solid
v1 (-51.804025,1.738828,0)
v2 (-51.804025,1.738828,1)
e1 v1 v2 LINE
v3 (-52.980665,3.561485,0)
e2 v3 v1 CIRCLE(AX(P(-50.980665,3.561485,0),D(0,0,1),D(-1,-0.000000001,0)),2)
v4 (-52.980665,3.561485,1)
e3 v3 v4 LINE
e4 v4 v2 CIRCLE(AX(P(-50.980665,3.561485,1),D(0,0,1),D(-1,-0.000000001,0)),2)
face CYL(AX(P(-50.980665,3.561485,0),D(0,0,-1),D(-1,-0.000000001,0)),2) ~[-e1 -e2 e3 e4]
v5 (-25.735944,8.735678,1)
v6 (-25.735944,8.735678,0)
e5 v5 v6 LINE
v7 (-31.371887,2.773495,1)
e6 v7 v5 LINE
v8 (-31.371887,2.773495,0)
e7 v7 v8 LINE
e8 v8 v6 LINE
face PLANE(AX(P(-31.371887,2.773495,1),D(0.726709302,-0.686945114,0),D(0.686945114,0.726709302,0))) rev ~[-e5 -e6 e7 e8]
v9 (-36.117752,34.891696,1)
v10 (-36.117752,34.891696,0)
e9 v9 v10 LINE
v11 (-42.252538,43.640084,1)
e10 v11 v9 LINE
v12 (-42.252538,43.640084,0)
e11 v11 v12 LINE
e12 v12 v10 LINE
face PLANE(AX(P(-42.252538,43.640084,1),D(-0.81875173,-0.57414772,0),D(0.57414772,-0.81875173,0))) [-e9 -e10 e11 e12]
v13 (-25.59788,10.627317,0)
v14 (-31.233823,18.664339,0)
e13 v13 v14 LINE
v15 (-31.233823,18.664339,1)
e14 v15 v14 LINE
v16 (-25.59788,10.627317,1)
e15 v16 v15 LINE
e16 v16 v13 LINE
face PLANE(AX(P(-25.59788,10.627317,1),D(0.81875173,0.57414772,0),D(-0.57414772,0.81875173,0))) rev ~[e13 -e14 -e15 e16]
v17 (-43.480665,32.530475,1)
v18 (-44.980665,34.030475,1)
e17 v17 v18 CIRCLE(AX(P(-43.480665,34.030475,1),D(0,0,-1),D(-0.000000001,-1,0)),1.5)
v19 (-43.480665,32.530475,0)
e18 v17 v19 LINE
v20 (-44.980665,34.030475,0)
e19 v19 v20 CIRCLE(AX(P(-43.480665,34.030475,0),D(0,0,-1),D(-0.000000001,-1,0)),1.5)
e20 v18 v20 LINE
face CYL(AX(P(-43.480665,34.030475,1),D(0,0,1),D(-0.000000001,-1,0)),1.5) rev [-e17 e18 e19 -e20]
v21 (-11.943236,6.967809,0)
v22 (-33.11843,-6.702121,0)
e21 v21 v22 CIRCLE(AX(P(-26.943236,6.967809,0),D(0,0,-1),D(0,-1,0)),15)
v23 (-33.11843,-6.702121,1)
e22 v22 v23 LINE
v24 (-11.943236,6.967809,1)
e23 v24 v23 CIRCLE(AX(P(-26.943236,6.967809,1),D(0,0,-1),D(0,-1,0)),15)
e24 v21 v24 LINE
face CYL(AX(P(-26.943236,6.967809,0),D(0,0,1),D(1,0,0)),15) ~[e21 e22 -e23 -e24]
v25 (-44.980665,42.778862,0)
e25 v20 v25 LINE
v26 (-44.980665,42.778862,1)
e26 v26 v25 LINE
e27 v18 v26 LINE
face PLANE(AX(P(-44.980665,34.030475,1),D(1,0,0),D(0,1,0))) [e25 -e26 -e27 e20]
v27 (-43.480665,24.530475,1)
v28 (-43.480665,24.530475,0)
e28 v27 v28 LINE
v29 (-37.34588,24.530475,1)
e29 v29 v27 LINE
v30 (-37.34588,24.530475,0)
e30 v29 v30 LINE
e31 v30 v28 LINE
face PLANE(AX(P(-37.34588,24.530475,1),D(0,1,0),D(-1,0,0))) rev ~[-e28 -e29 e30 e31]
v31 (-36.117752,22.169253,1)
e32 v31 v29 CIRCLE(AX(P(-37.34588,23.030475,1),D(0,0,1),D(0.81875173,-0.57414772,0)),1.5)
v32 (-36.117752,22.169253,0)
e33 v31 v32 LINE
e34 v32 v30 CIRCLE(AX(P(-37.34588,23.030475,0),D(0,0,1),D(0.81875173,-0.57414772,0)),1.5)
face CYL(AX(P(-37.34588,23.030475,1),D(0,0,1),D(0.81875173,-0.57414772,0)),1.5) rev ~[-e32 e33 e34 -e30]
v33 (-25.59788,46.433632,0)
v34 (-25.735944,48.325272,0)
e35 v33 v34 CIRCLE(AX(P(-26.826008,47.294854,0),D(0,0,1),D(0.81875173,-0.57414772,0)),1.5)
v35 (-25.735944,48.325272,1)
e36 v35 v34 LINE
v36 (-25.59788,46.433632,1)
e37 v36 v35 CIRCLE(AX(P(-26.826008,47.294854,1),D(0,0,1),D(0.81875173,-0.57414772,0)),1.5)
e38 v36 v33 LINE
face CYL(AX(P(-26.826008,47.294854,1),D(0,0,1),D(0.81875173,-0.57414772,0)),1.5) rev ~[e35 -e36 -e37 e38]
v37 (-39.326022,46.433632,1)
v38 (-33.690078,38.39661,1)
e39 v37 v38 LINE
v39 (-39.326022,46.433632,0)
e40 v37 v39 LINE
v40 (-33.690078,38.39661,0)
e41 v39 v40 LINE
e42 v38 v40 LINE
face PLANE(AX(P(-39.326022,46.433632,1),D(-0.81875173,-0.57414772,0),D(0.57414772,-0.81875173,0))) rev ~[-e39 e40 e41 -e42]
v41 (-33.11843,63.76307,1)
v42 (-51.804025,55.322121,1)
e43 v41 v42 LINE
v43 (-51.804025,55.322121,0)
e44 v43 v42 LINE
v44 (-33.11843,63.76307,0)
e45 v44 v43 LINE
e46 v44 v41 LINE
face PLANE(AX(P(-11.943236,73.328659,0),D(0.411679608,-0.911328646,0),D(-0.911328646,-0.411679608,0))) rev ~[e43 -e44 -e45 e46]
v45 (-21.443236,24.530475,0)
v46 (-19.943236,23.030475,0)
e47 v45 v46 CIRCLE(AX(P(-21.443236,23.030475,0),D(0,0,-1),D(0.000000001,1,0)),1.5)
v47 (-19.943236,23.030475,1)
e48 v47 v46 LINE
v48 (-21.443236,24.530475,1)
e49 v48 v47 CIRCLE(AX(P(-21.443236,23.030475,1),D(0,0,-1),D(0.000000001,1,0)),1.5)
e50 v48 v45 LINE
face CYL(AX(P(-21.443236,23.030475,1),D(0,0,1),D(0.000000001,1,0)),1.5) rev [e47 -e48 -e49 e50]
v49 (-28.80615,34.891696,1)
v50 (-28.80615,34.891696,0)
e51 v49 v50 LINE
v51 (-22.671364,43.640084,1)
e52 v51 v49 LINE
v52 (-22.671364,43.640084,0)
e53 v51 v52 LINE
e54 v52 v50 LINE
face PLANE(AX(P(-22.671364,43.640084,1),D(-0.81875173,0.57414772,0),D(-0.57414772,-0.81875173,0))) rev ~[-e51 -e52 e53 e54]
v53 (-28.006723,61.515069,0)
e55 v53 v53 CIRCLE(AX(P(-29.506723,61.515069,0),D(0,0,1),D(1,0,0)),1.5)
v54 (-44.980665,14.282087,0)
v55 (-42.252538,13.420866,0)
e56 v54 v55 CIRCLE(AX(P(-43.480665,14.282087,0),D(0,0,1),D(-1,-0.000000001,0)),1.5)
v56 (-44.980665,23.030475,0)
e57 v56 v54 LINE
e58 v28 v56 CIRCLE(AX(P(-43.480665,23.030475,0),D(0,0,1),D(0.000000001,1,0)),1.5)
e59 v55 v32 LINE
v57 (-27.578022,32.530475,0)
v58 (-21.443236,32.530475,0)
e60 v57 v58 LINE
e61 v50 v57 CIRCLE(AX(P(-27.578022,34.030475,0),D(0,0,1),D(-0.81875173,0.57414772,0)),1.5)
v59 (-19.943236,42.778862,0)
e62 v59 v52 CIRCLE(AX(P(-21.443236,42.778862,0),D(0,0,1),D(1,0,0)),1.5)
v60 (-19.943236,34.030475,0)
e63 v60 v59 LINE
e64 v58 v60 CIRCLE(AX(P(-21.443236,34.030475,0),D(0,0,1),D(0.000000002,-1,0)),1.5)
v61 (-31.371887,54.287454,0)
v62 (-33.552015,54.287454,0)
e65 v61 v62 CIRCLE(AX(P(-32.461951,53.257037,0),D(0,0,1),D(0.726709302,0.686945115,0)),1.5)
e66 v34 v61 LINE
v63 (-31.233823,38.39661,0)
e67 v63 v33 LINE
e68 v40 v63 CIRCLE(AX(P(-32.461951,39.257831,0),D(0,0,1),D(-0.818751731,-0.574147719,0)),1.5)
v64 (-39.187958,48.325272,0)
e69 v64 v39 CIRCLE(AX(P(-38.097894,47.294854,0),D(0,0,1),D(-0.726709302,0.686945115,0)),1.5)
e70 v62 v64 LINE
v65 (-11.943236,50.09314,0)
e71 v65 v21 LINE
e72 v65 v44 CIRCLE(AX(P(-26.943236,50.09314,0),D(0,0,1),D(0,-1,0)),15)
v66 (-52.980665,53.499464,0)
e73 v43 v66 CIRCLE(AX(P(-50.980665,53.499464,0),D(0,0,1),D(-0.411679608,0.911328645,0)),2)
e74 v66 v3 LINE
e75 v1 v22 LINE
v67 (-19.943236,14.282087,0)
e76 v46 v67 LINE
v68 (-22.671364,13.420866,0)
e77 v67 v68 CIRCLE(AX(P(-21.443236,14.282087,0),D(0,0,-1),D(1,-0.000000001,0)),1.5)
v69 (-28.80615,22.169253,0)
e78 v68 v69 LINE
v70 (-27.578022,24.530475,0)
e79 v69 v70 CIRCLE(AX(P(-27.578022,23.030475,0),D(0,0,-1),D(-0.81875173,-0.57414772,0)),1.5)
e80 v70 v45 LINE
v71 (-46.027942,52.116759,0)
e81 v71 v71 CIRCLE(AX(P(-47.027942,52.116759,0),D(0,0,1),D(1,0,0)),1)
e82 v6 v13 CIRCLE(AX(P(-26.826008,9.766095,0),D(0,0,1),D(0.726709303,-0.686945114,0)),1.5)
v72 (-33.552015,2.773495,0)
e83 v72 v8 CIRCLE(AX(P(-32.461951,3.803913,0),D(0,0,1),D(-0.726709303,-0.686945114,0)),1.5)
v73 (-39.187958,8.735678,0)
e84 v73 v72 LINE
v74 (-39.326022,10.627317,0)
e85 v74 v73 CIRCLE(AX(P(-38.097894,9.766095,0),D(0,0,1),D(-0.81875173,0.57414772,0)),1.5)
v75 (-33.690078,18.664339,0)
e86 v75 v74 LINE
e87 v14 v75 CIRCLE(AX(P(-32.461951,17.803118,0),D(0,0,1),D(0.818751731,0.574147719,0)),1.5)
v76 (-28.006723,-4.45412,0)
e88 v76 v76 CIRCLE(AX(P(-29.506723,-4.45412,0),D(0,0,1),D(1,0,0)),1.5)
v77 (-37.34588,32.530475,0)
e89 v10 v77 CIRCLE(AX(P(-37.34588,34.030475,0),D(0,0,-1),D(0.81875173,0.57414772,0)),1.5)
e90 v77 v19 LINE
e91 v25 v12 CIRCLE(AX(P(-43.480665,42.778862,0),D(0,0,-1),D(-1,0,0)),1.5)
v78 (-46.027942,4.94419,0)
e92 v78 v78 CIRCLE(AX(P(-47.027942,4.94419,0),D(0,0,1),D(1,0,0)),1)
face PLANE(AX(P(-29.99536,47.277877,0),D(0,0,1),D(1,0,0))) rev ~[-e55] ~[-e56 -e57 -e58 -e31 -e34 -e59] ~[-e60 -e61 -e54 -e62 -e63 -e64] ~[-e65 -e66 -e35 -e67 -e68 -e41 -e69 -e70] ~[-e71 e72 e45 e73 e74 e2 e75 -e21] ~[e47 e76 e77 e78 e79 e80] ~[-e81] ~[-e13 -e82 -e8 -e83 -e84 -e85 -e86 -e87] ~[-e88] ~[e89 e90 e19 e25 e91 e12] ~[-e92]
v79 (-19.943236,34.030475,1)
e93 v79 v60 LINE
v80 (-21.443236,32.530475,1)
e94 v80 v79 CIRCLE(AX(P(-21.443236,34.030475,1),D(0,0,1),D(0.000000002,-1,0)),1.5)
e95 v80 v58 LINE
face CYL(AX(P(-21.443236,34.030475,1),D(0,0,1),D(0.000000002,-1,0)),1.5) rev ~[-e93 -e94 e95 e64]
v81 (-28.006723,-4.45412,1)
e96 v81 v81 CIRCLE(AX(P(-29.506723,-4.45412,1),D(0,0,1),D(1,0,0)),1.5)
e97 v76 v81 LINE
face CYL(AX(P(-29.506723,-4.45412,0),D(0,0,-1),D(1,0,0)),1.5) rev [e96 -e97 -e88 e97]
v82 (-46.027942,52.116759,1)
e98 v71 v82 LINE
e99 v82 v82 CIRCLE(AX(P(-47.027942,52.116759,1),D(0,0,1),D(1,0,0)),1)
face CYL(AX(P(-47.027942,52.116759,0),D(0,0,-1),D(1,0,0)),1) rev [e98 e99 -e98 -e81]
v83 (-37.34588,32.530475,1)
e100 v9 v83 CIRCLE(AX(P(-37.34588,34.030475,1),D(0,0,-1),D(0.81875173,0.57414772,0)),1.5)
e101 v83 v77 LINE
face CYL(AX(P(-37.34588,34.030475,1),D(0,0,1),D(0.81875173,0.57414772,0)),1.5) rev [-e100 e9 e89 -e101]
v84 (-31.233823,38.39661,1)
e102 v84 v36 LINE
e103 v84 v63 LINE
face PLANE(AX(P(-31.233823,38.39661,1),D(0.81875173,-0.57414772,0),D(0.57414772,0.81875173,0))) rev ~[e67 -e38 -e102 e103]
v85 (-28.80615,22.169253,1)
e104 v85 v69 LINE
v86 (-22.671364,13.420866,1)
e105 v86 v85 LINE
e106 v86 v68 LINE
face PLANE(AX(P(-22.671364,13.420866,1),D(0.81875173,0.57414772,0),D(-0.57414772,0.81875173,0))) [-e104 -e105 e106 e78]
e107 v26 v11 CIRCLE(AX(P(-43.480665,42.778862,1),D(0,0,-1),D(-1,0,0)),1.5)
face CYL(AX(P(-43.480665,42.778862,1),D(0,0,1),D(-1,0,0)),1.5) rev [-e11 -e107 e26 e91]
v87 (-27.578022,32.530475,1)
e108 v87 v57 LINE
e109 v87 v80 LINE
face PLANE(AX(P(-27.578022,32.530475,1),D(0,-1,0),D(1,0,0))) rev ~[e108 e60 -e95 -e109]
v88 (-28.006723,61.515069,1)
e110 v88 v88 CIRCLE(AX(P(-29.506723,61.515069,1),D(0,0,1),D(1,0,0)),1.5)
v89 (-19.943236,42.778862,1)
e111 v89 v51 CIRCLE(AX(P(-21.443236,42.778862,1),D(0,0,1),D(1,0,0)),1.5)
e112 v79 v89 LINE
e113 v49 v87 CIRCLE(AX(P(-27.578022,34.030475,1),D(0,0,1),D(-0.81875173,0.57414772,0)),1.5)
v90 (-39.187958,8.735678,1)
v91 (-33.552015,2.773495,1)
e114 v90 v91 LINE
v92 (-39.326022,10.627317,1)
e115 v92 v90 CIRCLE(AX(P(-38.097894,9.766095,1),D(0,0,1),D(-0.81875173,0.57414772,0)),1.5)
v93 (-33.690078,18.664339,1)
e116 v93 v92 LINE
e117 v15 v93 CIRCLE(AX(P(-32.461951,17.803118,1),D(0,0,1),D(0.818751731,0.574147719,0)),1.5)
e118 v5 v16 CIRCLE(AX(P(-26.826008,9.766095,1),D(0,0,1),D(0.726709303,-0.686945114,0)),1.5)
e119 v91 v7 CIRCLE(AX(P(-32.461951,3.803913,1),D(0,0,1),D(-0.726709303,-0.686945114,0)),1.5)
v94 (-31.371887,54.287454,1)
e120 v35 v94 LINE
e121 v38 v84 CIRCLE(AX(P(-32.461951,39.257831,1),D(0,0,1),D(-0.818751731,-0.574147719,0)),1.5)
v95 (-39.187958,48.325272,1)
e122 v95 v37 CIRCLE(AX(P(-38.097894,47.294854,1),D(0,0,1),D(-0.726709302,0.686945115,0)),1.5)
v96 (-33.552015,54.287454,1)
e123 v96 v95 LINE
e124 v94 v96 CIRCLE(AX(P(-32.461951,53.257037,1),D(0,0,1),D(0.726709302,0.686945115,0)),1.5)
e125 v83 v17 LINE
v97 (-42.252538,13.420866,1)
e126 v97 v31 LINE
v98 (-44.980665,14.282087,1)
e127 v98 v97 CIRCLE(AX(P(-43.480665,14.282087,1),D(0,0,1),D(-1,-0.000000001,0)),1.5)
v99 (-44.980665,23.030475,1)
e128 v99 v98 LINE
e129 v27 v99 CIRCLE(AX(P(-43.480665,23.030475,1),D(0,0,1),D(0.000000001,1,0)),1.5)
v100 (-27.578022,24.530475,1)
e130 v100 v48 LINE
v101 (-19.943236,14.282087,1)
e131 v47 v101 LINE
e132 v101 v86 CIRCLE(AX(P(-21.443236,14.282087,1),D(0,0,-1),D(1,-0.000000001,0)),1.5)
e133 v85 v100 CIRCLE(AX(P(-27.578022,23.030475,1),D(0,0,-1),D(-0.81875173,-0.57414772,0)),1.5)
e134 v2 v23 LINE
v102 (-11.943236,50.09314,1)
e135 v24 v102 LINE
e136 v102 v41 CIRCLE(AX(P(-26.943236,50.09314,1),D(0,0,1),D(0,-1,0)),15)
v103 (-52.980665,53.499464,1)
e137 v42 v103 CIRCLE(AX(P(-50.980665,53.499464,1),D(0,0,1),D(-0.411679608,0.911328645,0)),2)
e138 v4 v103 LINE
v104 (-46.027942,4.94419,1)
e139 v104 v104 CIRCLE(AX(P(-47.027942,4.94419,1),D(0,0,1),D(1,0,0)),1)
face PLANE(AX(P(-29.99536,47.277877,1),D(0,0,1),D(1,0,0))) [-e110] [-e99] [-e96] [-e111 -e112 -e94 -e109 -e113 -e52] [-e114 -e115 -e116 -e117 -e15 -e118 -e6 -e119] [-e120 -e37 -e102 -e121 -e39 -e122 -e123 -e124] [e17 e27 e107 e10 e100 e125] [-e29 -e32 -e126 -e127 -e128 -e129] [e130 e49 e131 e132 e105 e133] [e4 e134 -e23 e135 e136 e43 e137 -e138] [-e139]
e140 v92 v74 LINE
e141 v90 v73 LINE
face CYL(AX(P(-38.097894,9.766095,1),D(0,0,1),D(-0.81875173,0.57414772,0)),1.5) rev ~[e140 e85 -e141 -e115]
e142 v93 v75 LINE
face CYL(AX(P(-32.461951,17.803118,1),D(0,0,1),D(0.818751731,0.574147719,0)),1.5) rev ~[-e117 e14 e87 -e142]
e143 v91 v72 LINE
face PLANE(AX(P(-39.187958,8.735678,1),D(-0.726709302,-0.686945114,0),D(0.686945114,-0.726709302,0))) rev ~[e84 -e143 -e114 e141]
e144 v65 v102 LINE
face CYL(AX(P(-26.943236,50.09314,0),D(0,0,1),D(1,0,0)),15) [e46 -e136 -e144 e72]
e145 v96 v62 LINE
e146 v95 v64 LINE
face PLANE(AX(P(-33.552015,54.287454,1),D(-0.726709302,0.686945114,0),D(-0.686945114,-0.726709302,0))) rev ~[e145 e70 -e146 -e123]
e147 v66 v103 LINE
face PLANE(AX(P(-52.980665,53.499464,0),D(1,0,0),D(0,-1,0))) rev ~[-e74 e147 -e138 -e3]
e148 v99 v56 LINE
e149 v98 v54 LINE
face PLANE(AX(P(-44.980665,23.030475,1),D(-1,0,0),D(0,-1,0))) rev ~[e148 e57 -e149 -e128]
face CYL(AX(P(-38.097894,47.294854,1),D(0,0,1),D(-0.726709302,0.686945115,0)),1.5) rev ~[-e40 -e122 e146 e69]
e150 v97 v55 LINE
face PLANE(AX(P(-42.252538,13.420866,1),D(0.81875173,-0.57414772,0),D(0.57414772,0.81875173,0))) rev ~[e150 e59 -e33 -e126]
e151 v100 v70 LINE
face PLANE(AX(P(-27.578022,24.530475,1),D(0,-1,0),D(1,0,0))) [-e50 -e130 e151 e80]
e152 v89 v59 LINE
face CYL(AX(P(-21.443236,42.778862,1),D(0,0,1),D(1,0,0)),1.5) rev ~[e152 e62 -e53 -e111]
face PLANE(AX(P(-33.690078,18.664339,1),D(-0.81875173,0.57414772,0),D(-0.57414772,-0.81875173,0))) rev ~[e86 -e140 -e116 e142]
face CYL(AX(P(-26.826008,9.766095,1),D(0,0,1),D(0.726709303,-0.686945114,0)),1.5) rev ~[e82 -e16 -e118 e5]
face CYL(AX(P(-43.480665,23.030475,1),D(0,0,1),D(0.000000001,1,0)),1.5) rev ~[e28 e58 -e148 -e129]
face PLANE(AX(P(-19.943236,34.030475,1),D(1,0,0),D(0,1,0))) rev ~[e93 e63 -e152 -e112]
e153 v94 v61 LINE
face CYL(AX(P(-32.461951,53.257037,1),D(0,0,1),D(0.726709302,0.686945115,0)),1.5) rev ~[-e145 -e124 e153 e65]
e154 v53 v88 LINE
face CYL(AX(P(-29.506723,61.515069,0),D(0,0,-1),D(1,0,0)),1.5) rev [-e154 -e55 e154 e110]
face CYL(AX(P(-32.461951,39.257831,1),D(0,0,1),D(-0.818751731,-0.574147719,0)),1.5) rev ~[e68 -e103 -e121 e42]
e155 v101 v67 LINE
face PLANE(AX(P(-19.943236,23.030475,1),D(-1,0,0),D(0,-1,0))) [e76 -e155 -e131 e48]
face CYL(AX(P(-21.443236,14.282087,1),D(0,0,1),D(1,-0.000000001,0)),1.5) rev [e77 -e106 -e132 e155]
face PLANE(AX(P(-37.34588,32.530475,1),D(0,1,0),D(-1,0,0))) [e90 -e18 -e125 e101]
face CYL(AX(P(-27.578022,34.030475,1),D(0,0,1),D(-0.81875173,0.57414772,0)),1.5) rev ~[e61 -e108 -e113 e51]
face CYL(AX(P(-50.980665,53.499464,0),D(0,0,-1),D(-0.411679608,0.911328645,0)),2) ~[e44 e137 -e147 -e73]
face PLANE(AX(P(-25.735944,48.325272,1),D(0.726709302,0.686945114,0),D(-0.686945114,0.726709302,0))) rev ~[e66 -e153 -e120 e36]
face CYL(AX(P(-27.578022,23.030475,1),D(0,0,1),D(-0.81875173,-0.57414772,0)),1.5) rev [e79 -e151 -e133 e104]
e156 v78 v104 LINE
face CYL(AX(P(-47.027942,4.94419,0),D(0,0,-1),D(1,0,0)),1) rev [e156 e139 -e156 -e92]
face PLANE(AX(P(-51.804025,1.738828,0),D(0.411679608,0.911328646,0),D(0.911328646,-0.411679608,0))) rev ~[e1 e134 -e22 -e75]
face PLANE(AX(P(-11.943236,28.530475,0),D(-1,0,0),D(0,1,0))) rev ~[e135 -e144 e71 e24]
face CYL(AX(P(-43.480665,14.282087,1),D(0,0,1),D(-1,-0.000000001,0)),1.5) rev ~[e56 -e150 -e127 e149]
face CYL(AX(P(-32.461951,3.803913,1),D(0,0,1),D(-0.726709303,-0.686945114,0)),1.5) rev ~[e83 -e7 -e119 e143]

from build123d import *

# Parameters (mm, degrees)
CROQUIS3_R              = 1
CROQUIS3_R_2            = 1.500000006
CROQUIS3_R_3            = 1.000000012
CROQUIS3_R_4            = 1.5
SALIENTE_EXTRUIR1_DEPTH = 1
REDONDEO1_R             = 15
CORTAR_EXTRUIR1_DEPTH   = 1


with BuildPart() as part:
    # Croquis3 → Saliente-Extruir1 (new body)
    # profile 1 of 2: a face of its own
    with BuildSketch(Plane.XY):
        with BuildLine():
            Line((-11.943236247, 28.530474649), (-52.980665481, 28.530474649))
            Line((-52.980665481, 28.530474649), (-52.980665481, 3.561485174))
            ThreePointArc((-52.980665481, 3.561485174), (-52.660950937, 2.476754431), (-51.804024696, 1.738827882))
            Line((-51.804024696, 1.738827882), (-11.943236247, -16.267709961))
            Line((-11.943236247, -16.267709961), (-11.943236247, 28.530474649))
        make_face()
        with Locations((-47.027941845, 4.944189889)):
            Circle(CROQUIS3_R, mode=Mode.SUBTRACT)
        with Locations((-29.506723336, -4.454119513)):
            Circle(CROQUIS3_R_2, mode=Mode.SUBTRACT)
    # profile 2 of 2: a face of its own
    with BuildSketch(Plane.XY):
        with BuildLine():
            ThreePointArc((-51.804024696, 55.322121417), (-52.660950937, 54.584194868), (-52.980665481, 53.499464125))
            Line((-52.980665481, 53.499464125), (-52.980665481, 28.530474649))
            Line((-52.980665481, 28.530474649), (-11.943236247, 28.530474649))
            Line((-11.943236247, 28.530474649), (-11.943236247, 73.32865926))
            Line((-11.943236247, 73.32865926), (-51.804024696, 55.322121417))
        make_face()
        with Locations((-47.027941845, 52.116759452)):
            Circle(CROQUIS3_R_3, mode=Mode.SUBTRACT)
        with Locations((-29.506723336, 61.515068812)):
            Circle(CROQUIS3_R_4, mode=Mode.SUBTRACT)
    extrude(amount=SALIENTE_EXTRUIR1_DEPTH)

    # Redondeo1
    redondeo1_edges = [part.edges().sort_by_distance(p)[0] for p in [
        (-11.943236247, -16.267709961, 0.5),
        (-11.943236247, 73.32865926, 0.5),
    ]]
    fillet(redondeo1_edges, radius=REDONDEO1_R)

    # Croquis4 → Cortar-Extruir1 (cut)
    with BuildSketch(Plane.XY.offset(1)):
        with BuildLine():
            Line((-44.980665481, 34.030474649), (-44.980665481, 42.77886195))
            ThreePointArc((-44.980665481, 42.77886195), (-43.932223122, 44.209279965), (-42.252537885, 43.64008353))
            Line((-42.252537885, 43.64008353), (-36.117751927, 34.891696229))
            ThreePointArc((-36.117751927, 34.891696229), (-36.015121774, 33.338315841), (-37.345879522, 32.530474649))
            Line((-37.345879522, 32.530474649), (-43.480665481, 32.530474649))
            ThreePointArc((-43.480665481, 32.530474649), (-44.541325653, 32.969814478), (-44.980665481, 34.030474649))
        make_face()
        with BuildLine():
            Line((-22.671363843, 43.64008353), (-28.806149801, 34.891696229))
            ThreePointArc((-28.806149801, 34.891696229), (-28.908779954, 33.338315841), (-27.578022206, 32.530474649))
            Line((-27.578022206, 32.530474649), (-21.443236247, 32.530474649))
            ThreePointArc((-21.443236247, 32.530474649), (-20.382576076, 32.969814478), (-19.943236247, 34.030474649))
            Line((-19.943236247, 34.030474649), (-19.943236247, 42.77886195))
            ThreePointArc((-19.943236247, 42.77886195), (-20.991678606, 44.209279965), (-22.671363843, 43.64008353))
        make_face()
        with BuildLine():
            Line((-33.552014817, 54.287454199), (-39.187957869, 48.325271549))
            ThreePointArc((-39.187957869, 48.325271549), (-39.593914564, 47.404042805), (-39.326021512, 46.433632298))
            Line((-39.326021512, 46.433632298), (-33.69007846, 38.396609824))
            ThreePointArc((-33.69007846, 38.396609824), (-32.461950864, 37.757831403), (-31.233823268, 38.396609824))
            Line((-31.233823268, 38.396609824), (-25.597880217, 46.433632298))
            ThreePointArc((-25.597880217, 46.433632298), (-25.329987165, 47.404042805), (-25.735943859, 48.325271549))
            Line((-25.735943859, 48.325271549), (-31.371886911, 54.287454199))
            ThreePointArc((-31.371886911, 54.287454199), (-32.461950864, 54.757036527), (-33.552014817, 54.287454199))
        make_face()
        with BuildLine():
            Line((-31.371886911, 2.7734951), (-25.735943859, 8.73567775))
            ThreePointArc((-25.735943859, 8.73567775), (-25.329987165, 9.656906494), (-25.597880217, 10.627317001))
            Line((-25.597880217, 10.627317001), (-31.233823268, 18.664339475))
            ThreePointArc((-31.233823268, 18.664339475), (-32.461950864, 19.303117896), (-33.69007846, 18.664339475))
            Line((-33.69007846, 18.664339475), (-39.326021512, 10.627317001))
            ThreePointArc((-39.326021512, 10.627317001), (-39.593914564, 9.656906494), (-39.187957869, 8.73567775))
            Line((-39.187957869, 8.73567775), (-33.552014817, 2.7734951))
            ThreePointArc((-33.552014817, 2.7734951), (-32.461950864, 2.303912771), (-31.371886911, 2.7734951))
        make_face()
        with BuildLine():
            Line((-27.578022206, 24.530474649), (-21.443236247, 24.530474649))
            ThreePointArc((-21.443236247, 24.530474649), (-20.382576076, 24.091134821), (-19.943236247, 23.030474649))
            Line((-19.943236247, 23.030474649), (-19.943236247, 14.282087348))
            ThreePointArc((-19.943236247, 14.282087348), (-20.991678606, 12.851669334), (-22.671363843, 13.420865769))
            Line((-22.671363843, 13.420865769), (-28.806149801, 22.16925307))
            ThreePointArc((-28.806149801, 22.16925307), (-28.908779954, 23.722633457), (-27.578022206, 24.530474649))
        make_face()
        with BuildLine():
            Line((-37.345879522, 24.530474649), (-43.480665481, 24.530474649))
            ThreePointArc((-43.480665481, 24.530474649), (-44.541325653, 24.091134821), (-44.980665481, 23.030474649))
            Line((-44.980665481, 23.030474649), (-44.980665481, 14.282087348))
            ThreePointArc((-44.980665481, 14.282087348), (-43.932223122, 12.851669334), (-42.252537885, 13.420865769))
            Line((-42.252537885, 13.420865769), (-36.117751927, 22.16925307))
            ThreePointArc((-36.117751927, 22.16925307), (-36.015121774, 23.722633457), (-37.345879522, 24.530474649))
        make_face()
    extrude(amount=-CORTAR_EXTRUIR1_DEPTH, mode=Mode.SUBTRACT)


solid = part.part
